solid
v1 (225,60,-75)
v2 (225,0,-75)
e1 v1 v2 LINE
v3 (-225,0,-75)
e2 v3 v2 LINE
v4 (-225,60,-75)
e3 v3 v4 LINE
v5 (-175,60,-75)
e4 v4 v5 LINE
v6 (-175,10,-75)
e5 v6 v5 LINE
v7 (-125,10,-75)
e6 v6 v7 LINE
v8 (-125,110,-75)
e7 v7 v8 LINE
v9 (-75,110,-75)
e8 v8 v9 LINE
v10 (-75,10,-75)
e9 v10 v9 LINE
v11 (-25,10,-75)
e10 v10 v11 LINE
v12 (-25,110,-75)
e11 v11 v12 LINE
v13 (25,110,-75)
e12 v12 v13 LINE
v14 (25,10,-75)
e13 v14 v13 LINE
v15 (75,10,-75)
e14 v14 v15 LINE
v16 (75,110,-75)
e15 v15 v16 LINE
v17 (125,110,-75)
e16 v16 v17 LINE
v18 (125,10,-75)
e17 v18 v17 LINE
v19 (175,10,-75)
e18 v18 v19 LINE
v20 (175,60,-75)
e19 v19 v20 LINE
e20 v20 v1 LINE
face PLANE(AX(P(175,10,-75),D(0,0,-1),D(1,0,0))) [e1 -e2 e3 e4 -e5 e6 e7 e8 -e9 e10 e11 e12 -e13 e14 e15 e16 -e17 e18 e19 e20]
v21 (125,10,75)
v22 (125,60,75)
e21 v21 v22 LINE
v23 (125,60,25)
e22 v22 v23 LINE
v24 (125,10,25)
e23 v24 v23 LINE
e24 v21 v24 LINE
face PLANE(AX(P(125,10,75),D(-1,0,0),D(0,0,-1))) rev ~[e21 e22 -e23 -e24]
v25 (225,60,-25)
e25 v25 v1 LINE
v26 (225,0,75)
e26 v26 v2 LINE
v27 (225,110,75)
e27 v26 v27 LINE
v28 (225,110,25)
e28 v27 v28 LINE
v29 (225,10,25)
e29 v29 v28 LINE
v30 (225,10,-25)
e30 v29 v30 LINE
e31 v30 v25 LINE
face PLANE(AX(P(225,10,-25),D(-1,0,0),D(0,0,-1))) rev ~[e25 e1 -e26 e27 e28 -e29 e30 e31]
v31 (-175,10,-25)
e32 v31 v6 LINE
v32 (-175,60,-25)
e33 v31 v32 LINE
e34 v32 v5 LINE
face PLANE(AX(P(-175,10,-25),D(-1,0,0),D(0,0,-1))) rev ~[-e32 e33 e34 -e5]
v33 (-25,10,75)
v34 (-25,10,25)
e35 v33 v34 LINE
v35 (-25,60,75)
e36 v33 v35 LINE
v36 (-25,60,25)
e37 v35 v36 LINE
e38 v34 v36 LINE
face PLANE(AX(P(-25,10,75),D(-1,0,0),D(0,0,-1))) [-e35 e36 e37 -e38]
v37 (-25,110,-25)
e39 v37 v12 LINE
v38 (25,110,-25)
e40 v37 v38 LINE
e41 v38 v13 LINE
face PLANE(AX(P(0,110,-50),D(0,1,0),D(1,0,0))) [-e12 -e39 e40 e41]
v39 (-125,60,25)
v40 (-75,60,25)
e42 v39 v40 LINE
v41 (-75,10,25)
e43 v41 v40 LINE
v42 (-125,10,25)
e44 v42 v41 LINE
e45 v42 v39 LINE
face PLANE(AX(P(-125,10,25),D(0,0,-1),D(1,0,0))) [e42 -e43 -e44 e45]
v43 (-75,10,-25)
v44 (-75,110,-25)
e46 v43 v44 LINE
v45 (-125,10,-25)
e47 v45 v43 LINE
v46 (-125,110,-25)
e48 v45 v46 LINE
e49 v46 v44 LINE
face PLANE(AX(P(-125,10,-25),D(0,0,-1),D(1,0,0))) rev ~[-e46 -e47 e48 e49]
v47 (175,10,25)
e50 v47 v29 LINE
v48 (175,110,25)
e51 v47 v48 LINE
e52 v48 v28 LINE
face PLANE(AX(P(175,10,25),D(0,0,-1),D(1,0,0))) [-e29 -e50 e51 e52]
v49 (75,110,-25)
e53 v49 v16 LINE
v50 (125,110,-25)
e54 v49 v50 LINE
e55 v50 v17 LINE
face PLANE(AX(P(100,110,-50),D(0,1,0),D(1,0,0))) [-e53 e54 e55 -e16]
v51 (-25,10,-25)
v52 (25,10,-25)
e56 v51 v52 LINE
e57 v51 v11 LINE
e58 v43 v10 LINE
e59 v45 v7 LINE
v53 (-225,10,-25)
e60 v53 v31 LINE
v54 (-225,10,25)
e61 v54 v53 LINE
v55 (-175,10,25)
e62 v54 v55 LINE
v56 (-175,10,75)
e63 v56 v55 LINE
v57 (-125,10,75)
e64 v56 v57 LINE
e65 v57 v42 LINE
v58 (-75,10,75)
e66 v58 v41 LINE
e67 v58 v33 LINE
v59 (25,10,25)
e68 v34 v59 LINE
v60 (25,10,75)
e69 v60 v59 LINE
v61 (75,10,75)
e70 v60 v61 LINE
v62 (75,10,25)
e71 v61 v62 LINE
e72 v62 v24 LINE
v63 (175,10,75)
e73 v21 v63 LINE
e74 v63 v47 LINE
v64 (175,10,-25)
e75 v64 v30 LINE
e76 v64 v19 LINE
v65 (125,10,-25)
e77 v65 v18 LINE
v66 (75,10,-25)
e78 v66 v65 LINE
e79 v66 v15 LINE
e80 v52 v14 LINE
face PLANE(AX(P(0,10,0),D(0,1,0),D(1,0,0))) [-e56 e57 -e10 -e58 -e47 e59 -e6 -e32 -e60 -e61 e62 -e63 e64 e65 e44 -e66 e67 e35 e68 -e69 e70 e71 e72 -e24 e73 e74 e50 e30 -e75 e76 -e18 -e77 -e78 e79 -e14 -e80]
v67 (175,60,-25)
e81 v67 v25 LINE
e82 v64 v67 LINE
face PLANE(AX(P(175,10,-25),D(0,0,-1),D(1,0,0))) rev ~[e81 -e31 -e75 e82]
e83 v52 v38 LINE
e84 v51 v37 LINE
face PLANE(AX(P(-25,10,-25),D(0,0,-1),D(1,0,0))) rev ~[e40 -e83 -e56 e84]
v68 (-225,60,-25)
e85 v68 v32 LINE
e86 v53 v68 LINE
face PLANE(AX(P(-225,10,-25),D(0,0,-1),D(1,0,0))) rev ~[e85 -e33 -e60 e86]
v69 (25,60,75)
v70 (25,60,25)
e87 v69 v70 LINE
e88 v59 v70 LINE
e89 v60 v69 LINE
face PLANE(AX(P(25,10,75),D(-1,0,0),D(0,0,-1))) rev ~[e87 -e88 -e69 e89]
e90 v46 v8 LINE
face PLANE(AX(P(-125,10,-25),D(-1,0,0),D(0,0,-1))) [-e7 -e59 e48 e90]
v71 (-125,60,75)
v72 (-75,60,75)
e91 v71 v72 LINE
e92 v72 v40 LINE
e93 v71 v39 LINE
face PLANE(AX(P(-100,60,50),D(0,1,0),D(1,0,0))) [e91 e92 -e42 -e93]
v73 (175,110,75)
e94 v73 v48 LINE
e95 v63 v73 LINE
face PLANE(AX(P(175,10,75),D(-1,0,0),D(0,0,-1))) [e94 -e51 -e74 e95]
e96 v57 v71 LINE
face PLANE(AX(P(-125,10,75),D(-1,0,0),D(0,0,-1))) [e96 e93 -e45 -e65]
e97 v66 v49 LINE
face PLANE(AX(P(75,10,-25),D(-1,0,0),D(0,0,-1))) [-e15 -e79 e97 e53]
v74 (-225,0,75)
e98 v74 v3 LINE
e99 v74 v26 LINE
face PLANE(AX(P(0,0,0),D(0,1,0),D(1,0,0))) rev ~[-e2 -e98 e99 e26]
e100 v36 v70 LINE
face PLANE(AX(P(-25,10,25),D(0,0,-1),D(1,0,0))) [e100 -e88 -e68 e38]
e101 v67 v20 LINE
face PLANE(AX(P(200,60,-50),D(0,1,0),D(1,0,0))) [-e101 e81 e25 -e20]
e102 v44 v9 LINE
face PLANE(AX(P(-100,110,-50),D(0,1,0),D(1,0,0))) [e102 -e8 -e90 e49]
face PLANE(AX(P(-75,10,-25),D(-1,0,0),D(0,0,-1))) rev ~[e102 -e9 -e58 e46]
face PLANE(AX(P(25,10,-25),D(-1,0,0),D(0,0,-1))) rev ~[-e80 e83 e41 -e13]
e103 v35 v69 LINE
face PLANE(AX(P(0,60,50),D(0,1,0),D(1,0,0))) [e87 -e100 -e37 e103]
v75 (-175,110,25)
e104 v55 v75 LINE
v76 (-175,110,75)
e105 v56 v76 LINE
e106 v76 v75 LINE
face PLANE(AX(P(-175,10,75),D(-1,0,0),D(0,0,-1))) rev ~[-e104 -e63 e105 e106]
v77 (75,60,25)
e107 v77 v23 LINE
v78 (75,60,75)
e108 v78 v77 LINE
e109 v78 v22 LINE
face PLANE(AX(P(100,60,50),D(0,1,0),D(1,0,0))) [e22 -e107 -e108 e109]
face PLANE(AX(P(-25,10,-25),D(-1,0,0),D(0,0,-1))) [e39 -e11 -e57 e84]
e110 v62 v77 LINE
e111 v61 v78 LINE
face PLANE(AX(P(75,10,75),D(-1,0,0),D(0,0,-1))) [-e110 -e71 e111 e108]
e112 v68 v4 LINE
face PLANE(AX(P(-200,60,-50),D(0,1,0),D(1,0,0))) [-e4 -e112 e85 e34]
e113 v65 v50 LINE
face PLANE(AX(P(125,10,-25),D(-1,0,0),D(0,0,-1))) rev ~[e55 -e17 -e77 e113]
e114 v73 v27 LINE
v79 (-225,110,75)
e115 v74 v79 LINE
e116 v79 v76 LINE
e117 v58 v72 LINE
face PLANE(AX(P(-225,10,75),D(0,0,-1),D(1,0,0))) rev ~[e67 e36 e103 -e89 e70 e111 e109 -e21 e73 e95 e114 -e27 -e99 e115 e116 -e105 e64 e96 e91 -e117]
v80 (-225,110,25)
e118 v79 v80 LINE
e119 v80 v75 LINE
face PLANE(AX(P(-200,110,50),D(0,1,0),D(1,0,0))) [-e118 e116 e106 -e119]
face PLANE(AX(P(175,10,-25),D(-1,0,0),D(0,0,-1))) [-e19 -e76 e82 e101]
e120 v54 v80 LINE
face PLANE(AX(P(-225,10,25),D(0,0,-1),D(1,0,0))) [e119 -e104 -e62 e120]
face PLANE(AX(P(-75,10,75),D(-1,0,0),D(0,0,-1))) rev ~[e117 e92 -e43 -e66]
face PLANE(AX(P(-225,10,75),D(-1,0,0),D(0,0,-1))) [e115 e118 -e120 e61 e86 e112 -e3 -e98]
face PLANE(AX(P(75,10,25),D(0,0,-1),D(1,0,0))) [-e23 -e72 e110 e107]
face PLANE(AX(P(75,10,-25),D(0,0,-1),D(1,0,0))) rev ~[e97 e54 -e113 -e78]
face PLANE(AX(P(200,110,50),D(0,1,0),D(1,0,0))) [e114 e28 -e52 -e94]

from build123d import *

# Parameters (mm, degrees)
SKETCH3_W           = 450
SKETCH3_H           = 150
BOSS_EXTRUDE1_DEPTH = 10
SKETCH12_W          = 50
SKETCH12_H          = 50
BOSS_EXTRUDE2_DEPTH = 50
SKETCH14_W          = 50
SKETCH14_H          = 50
BOSS_EXTRUDE3_DEPTH = 100


with BuildPart() as part:
    # Sketch3 → Boss-Extrude1 (new body)
    with BuildSketch(Plane(origin=(0, 0, 0), x_dir=(1, 0, 0), z_dir=(0, 1, 0))):
        Rectangle(SKETCH3_W, SKETCH3_H)
    extrude(amount=BOSS_EXTRUDE1_DEPTH)

    # Sketch12 → Boss-Extrude2 (add)
    with BuildSketch(Plane(origin=(0, 10, 0), x_dir=(1, 0, 0), z_dir=(0, 1, 0))):
        with Locations((0, -50)):
            Rectangle(SKETCH12_W, SKETCH12_H)
        with Locations((200, 50)):
            Rectangle(SKETCH12_W, SKETCH12_H)
        with Locations((100, -50)):
            Rectangle(SKETCH12_W, SKETCH12_H)
        with Locations((-200, 50)):
            Rectangle(SKETCH12_W, SKETCH12_H)
        with Locations((-100, -50)):
            Rectangle(SKETCH12_W, SKETCH12_H)
    extrude(amount=BOSS_EXTRUDE2_DEPTH)

    # Sketch14 → Boss-Extrude3 (add)
    with BuildSketch(Plane(origin=(0, 10, 0), x_dir=(1, 0, 0), z_dir=(0, 1, 0))):
        with Locations((-200, -50)):
            Rectangle(SKETCH14_W, SKETCH14_H)
        with Locations((200, -50)):
            Rectangle(SKETCH14_W, SKETCH14_H)
        with Locations((-100, 50)):
            Rectangle(SKETCH14_W, SKETCH14_H)
        with Locations((0, 50)):
            Rectangle(SKETCH14_W, SKETCH14_H)
        with Locations((100, 50)):
            Rectangle(SKETCH14_W, SKETCH14_H)
    extrude(amount=BOSS_EXTRUDE3_DEPTH)


solid = part.part
